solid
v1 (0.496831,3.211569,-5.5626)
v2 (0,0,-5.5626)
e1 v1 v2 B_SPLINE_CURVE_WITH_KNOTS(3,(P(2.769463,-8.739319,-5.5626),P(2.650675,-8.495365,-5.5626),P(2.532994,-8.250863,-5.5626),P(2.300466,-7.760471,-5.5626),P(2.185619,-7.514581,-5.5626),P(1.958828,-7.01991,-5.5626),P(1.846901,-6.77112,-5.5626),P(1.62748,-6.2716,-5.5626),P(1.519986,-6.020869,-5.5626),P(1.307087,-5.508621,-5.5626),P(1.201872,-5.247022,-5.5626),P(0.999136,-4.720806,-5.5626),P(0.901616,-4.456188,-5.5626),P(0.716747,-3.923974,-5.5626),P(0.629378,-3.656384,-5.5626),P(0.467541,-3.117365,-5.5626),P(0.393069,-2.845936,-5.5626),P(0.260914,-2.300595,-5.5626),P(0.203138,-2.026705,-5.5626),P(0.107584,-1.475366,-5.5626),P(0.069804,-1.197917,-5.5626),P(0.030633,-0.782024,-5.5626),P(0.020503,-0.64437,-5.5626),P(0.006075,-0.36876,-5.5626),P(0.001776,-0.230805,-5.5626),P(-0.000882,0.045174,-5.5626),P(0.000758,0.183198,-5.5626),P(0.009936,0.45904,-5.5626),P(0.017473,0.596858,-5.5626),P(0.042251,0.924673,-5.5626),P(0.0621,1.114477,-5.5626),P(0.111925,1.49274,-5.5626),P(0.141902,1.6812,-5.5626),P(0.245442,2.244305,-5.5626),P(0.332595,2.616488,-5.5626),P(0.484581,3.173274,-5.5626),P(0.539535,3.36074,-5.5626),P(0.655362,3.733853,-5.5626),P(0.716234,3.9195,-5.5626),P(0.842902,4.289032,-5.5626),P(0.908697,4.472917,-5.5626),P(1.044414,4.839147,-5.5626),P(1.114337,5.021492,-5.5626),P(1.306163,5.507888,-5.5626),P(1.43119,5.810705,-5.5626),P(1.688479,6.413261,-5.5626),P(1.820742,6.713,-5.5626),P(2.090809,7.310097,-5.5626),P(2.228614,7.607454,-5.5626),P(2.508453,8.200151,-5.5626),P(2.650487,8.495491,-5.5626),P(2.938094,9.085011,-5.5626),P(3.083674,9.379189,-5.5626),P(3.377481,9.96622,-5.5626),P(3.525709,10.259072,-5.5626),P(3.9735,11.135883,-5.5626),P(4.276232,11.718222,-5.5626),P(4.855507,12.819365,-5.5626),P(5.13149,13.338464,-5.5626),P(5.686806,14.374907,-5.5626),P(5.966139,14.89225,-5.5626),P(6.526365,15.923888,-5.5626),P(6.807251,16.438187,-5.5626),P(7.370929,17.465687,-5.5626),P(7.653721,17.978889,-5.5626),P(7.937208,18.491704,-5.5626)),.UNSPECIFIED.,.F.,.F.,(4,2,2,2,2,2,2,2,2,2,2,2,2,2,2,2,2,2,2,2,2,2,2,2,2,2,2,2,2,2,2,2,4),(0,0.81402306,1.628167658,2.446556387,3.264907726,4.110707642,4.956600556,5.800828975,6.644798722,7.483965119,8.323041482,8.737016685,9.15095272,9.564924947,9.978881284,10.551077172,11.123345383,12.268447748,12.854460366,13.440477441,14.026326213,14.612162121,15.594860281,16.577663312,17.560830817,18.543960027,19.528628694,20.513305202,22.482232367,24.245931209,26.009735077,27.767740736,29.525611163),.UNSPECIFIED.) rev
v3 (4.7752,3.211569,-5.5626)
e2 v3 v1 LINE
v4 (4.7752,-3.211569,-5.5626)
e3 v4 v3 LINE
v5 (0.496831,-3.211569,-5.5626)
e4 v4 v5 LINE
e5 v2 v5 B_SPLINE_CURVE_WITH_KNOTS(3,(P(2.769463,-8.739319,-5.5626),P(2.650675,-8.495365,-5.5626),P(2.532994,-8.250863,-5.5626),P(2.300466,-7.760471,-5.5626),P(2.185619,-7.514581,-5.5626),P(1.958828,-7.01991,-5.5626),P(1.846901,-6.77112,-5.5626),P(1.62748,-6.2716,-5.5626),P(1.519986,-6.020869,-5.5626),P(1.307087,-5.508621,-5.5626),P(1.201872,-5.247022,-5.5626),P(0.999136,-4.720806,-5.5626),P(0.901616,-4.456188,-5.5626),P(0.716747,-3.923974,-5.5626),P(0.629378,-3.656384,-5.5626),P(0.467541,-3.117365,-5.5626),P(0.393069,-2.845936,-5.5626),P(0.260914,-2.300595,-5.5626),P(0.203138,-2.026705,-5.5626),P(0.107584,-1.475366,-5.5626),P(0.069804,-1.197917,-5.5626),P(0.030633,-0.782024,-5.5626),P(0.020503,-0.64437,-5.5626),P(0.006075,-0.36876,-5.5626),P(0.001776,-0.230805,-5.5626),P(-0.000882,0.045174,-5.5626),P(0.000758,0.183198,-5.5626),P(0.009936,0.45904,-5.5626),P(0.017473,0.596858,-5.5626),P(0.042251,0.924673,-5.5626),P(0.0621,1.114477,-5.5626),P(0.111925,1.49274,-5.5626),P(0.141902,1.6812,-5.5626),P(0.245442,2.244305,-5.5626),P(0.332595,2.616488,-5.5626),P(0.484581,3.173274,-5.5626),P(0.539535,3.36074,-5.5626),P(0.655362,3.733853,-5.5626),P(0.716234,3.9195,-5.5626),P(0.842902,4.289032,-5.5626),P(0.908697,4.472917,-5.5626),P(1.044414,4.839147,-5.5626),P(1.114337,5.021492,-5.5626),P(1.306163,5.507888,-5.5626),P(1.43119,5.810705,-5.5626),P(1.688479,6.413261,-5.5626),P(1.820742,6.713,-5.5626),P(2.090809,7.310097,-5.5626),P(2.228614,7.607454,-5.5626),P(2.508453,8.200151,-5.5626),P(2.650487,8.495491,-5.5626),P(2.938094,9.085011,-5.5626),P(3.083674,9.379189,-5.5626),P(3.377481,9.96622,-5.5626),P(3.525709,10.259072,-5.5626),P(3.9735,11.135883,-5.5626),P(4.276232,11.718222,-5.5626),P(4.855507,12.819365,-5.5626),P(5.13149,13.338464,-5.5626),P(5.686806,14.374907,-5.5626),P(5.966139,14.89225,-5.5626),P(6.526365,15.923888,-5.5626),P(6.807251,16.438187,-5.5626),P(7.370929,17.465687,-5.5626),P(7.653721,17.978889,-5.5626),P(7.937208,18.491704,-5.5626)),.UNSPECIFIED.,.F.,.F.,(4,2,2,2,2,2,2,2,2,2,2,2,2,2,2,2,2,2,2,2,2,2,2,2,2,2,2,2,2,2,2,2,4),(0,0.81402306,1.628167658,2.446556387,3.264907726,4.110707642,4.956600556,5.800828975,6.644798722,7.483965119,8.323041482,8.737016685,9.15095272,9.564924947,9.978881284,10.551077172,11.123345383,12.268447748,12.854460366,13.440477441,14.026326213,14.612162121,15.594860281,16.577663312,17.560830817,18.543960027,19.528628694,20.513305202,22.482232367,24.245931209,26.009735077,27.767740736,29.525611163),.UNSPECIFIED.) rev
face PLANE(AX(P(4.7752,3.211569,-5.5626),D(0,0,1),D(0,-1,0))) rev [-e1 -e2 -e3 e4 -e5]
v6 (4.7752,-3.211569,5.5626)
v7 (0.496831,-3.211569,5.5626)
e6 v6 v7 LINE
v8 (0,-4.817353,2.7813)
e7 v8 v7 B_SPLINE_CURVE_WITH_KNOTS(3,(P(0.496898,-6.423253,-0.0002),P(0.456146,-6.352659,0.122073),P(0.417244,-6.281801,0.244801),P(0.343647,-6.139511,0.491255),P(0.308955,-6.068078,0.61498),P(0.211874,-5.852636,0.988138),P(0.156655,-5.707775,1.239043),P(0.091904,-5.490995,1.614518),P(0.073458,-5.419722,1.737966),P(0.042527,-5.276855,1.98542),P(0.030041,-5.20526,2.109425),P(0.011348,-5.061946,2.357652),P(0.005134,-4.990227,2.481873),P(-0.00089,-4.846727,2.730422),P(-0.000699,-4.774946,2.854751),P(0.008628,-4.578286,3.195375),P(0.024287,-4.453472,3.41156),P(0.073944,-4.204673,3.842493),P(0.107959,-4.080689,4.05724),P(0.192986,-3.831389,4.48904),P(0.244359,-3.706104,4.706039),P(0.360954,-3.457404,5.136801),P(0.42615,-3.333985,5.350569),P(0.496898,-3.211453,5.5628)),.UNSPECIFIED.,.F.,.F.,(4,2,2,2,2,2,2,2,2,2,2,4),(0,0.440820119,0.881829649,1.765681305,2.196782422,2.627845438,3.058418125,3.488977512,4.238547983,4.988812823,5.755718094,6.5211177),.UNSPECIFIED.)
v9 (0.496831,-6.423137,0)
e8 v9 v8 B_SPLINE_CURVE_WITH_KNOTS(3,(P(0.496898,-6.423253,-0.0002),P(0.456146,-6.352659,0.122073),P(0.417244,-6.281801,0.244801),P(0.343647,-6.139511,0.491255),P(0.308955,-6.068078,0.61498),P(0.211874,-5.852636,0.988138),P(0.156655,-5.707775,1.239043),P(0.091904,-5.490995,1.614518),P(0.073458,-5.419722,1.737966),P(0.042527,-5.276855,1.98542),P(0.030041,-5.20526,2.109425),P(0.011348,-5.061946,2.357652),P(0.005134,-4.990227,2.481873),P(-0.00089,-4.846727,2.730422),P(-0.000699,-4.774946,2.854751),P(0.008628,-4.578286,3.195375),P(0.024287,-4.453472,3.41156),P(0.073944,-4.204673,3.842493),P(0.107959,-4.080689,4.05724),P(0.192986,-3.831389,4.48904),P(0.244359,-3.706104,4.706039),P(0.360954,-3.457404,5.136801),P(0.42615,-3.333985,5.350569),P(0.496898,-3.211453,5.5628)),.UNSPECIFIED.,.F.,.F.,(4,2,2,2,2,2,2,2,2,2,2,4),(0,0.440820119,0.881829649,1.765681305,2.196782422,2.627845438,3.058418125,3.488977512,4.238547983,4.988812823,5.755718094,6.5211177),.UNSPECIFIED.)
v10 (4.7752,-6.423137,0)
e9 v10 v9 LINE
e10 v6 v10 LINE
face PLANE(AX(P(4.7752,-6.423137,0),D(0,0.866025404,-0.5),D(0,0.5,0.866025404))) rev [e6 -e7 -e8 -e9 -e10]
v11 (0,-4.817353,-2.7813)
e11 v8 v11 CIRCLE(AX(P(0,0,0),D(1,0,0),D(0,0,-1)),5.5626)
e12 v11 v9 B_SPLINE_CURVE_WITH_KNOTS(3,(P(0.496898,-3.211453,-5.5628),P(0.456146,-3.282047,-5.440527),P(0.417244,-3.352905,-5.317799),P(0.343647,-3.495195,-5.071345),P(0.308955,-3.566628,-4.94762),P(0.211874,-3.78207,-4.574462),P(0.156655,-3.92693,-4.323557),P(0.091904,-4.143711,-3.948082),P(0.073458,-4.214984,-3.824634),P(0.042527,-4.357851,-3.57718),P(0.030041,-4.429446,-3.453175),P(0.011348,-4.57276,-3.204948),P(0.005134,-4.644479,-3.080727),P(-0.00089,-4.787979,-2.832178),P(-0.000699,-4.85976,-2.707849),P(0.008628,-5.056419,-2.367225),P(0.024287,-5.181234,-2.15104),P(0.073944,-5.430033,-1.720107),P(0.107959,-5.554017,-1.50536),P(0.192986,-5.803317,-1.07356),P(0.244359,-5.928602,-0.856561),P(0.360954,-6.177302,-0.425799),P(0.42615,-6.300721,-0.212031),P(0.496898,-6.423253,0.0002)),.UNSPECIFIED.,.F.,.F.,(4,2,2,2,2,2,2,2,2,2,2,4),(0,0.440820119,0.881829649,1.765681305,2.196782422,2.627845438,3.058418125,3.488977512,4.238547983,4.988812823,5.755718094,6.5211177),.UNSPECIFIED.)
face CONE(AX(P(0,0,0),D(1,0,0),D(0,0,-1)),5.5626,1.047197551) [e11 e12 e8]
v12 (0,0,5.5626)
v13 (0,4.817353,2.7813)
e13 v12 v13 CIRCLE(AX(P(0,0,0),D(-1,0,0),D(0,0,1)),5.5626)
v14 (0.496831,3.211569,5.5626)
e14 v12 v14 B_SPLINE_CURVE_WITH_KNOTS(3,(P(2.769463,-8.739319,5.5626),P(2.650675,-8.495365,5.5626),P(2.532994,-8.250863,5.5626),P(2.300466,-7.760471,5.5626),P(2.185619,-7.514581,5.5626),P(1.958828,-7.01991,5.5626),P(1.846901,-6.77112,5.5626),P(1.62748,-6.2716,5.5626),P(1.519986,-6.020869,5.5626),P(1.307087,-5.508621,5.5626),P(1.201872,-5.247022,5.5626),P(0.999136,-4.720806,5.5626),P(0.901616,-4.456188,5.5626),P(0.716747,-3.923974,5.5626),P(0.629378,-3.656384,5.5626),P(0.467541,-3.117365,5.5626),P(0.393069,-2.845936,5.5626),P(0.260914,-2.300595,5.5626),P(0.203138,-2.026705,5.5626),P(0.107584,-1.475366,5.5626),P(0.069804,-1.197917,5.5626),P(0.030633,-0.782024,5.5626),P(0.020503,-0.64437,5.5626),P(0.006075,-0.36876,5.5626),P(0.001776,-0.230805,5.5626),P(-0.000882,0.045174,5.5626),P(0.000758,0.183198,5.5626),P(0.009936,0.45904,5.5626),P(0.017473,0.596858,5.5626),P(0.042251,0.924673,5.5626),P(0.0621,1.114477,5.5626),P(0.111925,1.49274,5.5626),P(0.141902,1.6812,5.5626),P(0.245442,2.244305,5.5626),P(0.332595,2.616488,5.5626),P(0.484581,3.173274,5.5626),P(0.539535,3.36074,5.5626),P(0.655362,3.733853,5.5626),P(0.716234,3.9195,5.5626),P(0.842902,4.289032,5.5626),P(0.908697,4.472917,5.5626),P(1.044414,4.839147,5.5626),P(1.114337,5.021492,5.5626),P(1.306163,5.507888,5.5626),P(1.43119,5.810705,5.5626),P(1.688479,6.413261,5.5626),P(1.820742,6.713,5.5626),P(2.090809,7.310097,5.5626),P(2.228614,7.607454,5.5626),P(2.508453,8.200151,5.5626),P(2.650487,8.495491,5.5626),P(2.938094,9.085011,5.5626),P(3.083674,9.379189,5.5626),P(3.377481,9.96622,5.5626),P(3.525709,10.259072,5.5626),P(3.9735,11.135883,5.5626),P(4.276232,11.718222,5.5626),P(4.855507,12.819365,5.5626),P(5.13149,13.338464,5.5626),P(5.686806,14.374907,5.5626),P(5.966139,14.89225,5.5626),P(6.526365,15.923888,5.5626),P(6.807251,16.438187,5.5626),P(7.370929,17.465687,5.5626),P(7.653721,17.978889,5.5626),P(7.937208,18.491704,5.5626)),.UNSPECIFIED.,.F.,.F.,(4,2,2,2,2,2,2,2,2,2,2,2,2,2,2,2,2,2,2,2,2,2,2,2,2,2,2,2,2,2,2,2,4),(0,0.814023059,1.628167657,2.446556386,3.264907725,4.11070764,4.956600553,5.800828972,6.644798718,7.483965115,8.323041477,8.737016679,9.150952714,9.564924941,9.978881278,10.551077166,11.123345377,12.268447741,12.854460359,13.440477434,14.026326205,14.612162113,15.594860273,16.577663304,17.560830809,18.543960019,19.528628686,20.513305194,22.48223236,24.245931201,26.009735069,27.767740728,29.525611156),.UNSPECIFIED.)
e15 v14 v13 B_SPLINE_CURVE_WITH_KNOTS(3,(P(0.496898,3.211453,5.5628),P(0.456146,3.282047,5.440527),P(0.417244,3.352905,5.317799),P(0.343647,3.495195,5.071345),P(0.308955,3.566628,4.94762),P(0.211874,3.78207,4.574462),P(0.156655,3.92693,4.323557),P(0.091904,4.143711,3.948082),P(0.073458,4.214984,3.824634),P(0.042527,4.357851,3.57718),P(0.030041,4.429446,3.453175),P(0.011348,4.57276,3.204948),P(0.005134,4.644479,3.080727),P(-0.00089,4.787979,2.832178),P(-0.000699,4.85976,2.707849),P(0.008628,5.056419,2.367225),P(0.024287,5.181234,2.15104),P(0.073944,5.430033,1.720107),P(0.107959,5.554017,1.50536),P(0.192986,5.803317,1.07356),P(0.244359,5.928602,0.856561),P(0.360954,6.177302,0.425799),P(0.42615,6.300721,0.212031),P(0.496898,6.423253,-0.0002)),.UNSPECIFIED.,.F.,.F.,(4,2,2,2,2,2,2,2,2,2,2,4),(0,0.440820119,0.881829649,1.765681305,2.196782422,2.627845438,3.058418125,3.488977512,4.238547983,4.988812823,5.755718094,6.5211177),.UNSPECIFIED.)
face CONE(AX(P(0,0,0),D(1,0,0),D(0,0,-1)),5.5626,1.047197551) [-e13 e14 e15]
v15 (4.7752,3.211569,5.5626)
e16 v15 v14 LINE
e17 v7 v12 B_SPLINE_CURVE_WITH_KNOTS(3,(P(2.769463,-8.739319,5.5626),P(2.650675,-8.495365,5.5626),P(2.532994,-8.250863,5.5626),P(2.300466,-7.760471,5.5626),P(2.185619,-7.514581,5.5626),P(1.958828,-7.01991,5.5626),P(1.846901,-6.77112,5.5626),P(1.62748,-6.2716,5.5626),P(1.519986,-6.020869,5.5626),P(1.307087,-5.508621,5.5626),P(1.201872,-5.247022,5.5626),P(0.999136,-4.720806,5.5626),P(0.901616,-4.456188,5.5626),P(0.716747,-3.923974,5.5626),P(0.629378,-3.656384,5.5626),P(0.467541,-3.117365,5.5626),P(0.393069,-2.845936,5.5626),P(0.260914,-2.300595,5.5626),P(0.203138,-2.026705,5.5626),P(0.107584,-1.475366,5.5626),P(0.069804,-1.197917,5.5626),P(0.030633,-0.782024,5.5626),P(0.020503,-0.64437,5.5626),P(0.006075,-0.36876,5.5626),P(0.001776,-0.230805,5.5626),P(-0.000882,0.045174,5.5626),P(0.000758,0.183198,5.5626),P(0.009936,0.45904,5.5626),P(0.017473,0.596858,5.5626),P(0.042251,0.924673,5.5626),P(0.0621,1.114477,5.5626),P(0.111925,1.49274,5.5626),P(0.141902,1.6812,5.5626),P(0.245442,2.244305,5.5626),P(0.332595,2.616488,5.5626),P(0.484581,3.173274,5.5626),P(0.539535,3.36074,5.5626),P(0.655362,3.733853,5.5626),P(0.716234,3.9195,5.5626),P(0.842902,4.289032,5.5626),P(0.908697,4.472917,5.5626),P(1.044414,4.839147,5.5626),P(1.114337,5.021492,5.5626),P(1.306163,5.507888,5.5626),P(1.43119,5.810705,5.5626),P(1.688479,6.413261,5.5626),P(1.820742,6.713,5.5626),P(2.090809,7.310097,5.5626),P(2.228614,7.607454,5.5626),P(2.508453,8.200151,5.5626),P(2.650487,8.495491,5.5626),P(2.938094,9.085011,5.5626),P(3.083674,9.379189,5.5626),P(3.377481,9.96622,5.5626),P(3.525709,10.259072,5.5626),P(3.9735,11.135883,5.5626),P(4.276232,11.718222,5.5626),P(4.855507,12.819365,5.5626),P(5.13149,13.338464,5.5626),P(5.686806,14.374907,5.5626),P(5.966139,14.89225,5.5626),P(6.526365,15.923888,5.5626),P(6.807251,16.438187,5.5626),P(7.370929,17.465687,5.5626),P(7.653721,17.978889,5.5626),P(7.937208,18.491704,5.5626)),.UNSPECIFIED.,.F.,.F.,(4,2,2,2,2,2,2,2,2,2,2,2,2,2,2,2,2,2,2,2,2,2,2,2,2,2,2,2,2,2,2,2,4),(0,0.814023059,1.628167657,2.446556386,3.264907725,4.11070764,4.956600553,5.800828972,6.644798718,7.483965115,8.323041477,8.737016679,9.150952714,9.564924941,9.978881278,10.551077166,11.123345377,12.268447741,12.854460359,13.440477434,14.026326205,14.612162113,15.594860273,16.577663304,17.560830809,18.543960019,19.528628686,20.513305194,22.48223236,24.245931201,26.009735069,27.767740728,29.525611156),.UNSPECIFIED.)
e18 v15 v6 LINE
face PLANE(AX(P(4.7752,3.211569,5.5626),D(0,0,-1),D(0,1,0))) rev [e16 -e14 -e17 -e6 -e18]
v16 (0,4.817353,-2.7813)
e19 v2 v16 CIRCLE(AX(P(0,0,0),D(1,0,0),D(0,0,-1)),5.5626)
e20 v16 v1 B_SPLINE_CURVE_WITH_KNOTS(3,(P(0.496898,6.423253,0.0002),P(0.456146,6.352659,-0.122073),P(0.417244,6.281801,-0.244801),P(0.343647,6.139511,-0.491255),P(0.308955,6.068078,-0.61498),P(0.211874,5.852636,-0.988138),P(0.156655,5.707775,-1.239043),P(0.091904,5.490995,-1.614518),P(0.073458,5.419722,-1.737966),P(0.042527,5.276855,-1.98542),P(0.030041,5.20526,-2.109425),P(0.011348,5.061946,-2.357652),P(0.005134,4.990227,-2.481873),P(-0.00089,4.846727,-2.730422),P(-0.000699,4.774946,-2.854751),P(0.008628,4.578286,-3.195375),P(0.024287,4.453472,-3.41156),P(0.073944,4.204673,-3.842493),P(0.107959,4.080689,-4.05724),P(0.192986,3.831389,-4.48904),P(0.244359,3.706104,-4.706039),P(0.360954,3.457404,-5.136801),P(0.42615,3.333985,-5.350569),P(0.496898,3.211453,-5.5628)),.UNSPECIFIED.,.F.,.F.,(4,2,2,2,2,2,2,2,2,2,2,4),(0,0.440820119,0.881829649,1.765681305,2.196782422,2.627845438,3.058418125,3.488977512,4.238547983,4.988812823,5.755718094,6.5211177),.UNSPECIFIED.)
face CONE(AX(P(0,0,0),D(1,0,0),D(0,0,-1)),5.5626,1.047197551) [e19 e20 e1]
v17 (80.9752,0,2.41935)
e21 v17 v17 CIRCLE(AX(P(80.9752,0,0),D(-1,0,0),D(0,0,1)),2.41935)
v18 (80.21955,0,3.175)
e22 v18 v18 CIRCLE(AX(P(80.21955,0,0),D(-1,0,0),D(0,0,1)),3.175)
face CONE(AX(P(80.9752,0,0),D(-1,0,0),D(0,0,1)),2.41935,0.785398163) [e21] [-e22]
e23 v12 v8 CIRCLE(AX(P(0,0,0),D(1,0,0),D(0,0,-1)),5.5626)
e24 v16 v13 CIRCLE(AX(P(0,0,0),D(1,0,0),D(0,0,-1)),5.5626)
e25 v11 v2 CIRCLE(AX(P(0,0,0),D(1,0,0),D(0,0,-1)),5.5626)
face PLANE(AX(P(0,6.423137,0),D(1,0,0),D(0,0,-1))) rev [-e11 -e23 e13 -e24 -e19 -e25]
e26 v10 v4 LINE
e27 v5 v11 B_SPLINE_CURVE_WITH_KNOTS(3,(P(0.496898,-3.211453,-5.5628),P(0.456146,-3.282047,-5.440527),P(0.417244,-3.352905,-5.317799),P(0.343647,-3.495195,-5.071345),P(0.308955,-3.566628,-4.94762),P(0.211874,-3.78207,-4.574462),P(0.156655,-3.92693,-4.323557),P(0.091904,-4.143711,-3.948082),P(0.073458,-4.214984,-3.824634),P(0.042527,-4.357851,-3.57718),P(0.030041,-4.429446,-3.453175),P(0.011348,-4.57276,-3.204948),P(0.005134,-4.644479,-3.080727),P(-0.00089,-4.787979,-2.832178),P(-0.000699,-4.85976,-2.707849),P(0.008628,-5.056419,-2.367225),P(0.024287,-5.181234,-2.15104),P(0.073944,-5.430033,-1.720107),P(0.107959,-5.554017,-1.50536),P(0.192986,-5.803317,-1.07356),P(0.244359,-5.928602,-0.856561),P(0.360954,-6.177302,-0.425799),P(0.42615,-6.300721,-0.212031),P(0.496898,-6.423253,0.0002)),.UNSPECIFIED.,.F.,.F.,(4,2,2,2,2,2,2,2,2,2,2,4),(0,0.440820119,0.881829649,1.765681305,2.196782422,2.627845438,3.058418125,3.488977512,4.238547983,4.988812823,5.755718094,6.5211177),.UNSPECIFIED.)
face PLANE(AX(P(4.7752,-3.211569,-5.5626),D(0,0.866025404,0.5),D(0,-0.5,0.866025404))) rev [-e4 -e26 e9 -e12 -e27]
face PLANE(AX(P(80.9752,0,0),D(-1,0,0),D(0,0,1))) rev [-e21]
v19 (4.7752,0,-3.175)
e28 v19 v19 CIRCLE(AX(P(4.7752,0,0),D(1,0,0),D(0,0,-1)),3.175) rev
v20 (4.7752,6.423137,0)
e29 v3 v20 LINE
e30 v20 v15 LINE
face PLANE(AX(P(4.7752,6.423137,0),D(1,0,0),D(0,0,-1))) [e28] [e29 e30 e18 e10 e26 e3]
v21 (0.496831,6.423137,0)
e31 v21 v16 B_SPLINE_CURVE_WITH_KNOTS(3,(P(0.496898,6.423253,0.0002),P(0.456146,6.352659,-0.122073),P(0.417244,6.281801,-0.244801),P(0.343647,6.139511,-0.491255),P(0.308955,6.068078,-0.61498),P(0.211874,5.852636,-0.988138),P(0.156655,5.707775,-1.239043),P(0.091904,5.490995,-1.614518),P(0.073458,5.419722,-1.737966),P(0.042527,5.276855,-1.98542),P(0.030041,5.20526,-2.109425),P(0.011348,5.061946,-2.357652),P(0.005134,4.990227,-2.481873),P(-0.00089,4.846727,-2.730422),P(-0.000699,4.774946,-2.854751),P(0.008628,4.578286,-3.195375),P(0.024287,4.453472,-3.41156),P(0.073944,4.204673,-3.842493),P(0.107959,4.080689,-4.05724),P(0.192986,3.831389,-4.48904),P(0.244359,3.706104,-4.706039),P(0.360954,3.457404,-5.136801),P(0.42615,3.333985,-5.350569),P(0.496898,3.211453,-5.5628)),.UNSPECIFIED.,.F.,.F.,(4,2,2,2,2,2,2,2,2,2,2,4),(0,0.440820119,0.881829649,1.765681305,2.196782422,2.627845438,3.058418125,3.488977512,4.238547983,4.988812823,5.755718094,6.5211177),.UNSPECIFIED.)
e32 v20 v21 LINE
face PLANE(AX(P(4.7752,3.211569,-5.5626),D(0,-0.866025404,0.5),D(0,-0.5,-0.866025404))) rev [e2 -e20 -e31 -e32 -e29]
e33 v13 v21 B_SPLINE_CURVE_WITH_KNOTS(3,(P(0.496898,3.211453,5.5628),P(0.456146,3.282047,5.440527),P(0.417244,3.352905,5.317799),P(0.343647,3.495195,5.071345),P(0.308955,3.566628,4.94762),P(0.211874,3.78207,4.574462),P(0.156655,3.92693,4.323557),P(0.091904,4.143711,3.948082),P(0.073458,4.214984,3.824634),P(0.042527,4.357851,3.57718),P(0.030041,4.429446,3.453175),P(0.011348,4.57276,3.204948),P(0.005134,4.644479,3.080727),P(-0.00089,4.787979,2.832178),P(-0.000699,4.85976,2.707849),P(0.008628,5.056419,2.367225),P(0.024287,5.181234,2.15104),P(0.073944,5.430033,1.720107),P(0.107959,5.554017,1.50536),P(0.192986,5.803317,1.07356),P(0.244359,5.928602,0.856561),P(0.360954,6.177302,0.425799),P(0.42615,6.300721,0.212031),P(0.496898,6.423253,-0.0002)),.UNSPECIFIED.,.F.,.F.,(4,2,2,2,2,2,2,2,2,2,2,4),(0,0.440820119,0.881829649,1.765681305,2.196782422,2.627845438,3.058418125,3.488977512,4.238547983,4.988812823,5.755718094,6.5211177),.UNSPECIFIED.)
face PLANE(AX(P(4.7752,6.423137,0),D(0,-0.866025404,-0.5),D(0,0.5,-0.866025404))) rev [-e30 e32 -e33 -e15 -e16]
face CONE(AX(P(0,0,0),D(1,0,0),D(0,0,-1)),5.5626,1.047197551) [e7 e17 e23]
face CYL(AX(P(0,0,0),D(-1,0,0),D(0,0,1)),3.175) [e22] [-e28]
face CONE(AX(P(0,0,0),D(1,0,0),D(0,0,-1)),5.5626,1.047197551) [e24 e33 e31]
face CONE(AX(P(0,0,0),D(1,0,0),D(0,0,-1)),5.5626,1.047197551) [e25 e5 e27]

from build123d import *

# Parameters (mm, degrees)
BASEHEAD_DEPTH = 4.7752


with BuildPart() as part:
    # Sketch1 → BaseHead (new body)
    with BuildSketch(Plane(origin=(0, 0, 0), x_dir=(0, 0, -1), z_dir=(1, 0, 0))):
        Polygon((5.5626, 3.211568607), (5.5626, -3.211568607), (0, -6.423137215), (-5.5626, -3.211568607), (-5.5626, 3.211568607), (0, 6.423137215), align=None)
    extrude(amount=BASEHEAD_DEPTH)

    # BodySke → BaseBody (revolve)
    with BuildSketch(Plane.XY, mode=Mode.PRIVATE) as basebody_sk:
        Polygon((0, 0), (80.9752, 0), (80.9752, 2.41935), (80.21955, 3.175), (0, 3.175), align=None)
    revolve(basebody_sk.sketch.rotate(Axis((0, 0, 0), (1, 0, 0)), 90), axis=Axis((0, 0, 0), (1, 0, 0)))

    # Sketch3 → HeadChamfer (revolve, cut)
    with BuildSketch(Plane.XY):
        Polygon((0, 5.5626), (4.163005602, 12.773137215), (4.163005602, 19.123137215), (-12.7, 19.123137215), (-12.7, 5.5626), align=None)
    revolve(axis=Axis((0, 0, 0), (1, 0, 0)), mode=Mode.SUBTRACT)


solid = part.part
